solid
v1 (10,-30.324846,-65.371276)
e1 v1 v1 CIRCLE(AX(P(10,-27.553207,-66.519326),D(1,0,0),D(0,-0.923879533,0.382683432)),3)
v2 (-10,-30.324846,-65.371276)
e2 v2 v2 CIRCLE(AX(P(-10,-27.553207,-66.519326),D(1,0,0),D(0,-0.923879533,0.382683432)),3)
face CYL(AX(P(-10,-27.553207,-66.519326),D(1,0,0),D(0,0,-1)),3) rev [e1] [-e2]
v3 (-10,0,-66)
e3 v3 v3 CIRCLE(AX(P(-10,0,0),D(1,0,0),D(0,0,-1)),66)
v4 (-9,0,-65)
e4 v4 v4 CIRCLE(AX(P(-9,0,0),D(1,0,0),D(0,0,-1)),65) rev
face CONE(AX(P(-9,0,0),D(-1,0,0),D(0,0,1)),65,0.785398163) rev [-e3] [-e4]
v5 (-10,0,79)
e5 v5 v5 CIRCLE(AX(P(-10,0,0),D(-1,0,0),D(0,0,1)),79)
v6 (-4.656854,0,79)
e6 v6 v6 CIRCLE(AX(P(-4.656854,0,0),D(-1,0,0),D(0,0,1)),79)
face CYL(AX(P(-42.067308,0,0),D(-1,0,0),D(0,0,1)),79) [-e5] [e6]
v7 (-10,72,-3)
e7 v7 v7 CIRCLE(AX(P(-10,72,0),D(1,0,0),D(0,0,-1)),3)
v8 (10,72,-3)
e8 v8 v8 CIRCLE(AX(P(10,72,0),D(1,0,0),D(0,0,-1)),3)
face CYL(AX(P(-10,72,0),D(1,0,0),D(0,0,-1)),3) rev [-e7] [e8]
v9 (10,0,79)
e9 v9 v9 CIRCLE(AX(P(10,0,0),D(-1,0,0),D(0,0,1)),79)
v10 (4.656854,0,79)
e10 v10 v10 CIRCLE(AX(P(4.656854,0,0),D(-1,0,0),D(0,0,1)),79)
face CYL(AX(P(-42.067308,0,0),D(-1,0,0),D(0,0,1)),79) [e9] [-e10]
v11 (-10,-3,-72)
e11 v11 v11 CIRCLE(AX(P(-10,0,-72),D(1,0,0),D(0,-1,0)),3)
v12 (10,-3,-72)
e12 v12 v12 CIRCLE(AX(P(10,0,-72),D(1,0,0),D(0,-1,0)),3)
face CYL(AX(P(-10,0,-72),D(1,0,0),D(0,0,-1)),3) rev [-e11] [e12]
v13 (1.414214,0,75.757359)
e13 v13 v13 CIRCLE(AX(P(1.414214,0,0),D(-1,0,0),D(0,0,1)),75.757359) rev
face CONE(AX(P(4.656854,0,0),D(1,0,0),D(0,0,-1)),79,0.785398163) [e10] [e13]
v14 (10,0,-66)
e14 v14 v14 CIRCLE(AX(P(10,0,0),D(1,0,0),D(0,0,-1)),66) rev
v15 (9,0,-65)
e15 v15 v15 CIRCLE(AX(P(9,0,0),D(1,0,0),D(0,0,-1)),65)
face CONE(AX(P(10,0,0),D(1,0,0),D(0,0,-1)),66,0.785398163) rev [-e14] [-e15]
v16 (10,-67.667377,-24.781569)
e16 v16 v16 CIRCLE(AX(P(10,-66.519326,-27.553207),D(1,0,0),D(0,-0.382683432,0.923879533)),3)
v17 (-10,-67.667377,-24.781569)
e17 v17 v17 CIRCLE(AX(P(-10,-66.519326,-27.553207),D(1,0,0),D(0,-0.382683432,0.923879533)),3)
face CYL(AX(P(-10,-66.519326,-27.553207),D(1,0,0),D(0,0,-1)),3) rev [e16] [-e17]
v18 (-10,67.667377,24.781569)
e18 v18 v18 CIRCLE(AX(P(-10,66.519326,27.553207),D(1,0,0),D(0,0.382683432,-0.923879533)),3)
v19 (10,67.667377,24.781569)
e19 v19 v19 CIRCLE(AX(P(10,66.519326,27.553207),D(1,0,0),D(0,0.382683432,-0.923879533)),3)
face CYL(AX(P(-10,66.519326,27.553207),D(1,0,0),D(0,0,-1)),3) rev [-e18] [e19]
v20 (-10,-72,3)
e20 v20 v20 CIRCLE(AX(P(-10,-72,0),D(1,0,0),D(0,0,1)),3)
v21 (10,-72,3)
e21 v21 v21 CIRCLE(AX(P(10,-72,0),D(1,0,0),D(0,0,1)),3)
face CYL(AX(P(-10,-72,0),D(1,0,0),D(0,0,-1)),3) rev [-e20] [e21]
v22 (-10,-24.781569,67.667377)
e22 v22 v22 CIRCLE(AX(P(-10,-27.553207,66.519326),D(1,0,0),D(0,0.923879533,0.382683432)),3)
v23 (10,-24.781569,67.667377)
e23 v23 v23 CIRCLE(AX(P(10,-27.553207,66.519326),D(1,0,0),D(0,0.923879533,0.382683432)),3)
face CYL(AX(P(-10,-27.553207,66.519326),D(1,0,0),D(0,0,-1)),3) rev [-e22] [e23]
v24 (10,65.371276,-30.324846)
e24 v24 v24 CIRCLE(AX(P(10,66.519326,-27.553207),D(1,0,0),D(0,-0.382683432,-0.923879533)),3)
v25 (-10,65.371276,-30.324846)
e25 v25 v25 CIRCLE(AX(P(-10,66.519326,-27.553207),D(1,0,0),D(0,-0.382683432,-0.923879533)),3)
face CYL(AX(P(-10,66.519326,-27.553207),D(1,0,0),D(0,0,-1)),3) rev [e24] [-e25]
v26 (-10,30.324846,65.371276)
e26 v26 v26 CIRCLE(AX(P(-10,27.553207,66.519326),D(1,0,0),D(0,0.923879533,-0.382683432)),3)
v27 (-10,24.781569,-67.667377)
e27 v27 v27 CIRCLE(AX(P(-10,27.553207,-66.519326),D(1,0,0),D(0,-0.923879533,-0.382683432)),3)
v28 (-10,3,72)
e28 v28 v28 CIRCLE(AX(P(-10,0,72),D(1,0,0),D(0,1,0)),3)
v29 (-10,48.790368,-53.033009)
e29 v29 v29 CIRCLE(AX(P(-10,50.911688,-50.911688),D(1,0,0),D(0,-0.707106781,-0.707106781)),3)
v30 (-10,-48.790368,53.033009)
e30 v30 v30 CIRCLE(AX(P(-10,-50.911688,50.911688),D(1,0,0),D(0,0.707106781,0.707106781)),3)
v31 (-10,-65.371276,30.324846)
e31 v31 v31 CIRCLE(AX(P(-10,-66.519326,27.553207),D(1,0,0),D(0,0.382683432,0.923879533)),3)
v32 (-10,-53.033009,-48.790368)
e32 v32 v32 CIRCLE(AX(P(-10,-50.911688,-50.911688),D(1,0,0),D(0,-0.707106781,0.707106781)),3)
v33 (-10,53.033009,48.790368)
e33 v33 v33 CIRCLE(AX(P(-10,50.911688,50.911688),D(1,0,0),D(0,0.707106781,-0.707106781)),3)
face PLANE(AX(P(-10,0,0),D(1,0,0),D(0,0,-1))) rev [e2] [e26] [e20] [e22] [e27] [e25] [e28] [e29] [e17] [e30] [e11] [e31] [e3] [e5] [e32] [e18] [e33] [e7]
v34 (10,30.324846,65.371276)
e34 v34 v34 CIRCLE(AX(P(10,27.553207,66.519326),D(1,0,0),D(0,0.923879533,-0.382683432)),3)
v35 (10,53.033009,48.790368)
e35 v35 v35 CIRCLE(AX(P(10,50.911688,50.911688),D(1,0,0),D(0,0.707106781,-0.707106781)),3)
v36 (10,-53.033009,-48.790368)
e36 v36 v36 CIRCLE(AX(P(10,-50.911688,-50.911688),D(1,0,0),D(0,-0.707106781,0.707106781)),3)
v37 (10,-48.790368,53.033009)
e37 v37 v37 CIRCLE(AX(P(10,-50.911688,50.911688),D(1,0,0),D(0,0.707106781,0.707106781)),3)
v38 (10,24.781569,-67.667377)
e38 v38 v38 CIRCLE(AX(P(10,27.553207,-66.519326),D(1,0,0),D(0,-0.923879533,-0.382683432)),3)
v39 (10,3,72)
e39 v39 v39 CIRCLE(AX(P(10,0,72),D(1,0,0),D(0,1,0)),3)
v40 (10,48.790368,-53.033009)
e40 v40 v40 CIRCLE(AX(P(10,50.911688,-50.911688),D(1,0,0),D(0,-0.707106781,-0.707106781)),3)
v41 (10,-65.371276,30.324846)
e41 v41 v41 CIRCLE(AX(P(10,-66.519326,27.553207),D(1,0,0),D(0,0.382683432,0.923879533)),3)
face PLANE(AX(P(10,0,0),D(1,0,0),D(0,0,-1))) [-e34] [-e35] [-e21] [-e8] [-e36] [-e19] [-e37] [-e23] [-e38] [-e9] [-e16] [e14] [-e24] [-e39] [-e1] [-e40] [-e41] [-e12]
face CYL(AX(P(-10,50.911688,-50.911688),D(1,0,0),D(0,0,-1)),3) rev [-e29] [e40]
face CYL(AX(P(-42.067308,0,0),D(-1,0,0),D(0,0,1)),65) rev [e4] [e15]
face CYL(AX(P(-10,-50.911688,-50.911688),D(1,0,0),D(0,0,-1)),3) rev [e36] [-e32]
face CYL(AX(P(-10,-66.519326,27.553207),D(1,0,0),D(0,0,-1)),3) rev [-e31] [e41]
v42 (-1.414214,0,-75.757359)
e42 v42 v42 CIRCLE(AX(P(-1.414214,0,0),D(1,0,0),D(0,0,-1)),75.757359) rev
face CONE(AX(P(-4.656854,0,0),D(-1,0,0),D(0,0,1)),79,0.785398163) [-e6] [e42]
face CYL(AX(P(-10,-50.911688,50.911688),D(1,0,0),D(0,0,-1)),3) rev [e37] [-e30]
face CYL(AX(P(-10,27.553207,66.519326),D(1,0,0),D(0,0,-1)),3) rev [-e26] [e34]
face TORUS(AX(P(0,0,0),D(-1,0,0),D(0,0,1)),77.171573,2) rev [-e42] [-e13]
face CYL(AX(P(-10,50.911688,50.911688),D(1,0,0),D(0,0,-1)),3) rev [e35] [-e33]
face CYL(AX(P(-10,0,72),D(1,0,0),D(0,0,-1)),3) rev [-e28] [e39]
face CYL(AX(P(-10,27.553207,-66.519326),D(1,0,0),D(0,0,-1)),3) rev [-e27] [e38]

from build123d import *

# Parameters (mm, degrees)
CHAMFER1_SIZE      = 1
FILLET1_R          = 2
SKETCH2_R          = 3
CUT_EXTRUDE1_DEPTH = 114.498898812
CIRPATTERN1_COUNT  = 16


with BuildPart() as part:
    # Sketch1 → Revolve1 (revolve)
    with BuildSketch(Plane.XY):
        Polygon((10, 79), (4.656854249, 79), (0, 74.343145751), (-4.656854249, 79), (-10, 79), (-10, 65), (10, 65), align=None)
    revolve(axis=Axis((-42.067307692, 0, 0), (1, 0, 0)))

    # Chamfer1
    chamfer1_edges = [part.edges().sort_by_distance(p)[0] for p in [
        (10, -65, 0),
        (-10, -65, 0),
    ]]
    chamfer(chamfer1_edges, length=CHAMFER1_SIZE)

    # Fillet1
    fillet1_edges = [part.edges().sort_by_distance(p)[0] for p in [
        (0, -74.343145751, 0),
    ]]
    fillet(fillet1_edges, radius=FILLET1_R)

    # Sketch2 → Cut-Extrude1 (cut, through all)
    with BuildSketch(Plane(origin=(10, 0, 0), x_dir=(0, 0, -1), z_dir=(1, 0, 0))):
        with Locations((0, 72)):
            Circle(SKETCH2_R)
    cut_extrude1 = extrude(amount=-CUT_EXTRUDE1_DEPTH, mode=Mode.SUBTRACT)

    # CirPattern1: Cut-Extrude1 ×16 about axis
    cirpattern1_axis = Axis((10, 0, 0), (-1, 0, 0))
    for i in range(1, CIRPATTERN1_COUNT):
        add(cut_extrude1.rotate(cirpattern1_axis, i * 360 / CIRPATTERN1_COUNT), mode=Mode.SUBTRACT)


solid = part.part
